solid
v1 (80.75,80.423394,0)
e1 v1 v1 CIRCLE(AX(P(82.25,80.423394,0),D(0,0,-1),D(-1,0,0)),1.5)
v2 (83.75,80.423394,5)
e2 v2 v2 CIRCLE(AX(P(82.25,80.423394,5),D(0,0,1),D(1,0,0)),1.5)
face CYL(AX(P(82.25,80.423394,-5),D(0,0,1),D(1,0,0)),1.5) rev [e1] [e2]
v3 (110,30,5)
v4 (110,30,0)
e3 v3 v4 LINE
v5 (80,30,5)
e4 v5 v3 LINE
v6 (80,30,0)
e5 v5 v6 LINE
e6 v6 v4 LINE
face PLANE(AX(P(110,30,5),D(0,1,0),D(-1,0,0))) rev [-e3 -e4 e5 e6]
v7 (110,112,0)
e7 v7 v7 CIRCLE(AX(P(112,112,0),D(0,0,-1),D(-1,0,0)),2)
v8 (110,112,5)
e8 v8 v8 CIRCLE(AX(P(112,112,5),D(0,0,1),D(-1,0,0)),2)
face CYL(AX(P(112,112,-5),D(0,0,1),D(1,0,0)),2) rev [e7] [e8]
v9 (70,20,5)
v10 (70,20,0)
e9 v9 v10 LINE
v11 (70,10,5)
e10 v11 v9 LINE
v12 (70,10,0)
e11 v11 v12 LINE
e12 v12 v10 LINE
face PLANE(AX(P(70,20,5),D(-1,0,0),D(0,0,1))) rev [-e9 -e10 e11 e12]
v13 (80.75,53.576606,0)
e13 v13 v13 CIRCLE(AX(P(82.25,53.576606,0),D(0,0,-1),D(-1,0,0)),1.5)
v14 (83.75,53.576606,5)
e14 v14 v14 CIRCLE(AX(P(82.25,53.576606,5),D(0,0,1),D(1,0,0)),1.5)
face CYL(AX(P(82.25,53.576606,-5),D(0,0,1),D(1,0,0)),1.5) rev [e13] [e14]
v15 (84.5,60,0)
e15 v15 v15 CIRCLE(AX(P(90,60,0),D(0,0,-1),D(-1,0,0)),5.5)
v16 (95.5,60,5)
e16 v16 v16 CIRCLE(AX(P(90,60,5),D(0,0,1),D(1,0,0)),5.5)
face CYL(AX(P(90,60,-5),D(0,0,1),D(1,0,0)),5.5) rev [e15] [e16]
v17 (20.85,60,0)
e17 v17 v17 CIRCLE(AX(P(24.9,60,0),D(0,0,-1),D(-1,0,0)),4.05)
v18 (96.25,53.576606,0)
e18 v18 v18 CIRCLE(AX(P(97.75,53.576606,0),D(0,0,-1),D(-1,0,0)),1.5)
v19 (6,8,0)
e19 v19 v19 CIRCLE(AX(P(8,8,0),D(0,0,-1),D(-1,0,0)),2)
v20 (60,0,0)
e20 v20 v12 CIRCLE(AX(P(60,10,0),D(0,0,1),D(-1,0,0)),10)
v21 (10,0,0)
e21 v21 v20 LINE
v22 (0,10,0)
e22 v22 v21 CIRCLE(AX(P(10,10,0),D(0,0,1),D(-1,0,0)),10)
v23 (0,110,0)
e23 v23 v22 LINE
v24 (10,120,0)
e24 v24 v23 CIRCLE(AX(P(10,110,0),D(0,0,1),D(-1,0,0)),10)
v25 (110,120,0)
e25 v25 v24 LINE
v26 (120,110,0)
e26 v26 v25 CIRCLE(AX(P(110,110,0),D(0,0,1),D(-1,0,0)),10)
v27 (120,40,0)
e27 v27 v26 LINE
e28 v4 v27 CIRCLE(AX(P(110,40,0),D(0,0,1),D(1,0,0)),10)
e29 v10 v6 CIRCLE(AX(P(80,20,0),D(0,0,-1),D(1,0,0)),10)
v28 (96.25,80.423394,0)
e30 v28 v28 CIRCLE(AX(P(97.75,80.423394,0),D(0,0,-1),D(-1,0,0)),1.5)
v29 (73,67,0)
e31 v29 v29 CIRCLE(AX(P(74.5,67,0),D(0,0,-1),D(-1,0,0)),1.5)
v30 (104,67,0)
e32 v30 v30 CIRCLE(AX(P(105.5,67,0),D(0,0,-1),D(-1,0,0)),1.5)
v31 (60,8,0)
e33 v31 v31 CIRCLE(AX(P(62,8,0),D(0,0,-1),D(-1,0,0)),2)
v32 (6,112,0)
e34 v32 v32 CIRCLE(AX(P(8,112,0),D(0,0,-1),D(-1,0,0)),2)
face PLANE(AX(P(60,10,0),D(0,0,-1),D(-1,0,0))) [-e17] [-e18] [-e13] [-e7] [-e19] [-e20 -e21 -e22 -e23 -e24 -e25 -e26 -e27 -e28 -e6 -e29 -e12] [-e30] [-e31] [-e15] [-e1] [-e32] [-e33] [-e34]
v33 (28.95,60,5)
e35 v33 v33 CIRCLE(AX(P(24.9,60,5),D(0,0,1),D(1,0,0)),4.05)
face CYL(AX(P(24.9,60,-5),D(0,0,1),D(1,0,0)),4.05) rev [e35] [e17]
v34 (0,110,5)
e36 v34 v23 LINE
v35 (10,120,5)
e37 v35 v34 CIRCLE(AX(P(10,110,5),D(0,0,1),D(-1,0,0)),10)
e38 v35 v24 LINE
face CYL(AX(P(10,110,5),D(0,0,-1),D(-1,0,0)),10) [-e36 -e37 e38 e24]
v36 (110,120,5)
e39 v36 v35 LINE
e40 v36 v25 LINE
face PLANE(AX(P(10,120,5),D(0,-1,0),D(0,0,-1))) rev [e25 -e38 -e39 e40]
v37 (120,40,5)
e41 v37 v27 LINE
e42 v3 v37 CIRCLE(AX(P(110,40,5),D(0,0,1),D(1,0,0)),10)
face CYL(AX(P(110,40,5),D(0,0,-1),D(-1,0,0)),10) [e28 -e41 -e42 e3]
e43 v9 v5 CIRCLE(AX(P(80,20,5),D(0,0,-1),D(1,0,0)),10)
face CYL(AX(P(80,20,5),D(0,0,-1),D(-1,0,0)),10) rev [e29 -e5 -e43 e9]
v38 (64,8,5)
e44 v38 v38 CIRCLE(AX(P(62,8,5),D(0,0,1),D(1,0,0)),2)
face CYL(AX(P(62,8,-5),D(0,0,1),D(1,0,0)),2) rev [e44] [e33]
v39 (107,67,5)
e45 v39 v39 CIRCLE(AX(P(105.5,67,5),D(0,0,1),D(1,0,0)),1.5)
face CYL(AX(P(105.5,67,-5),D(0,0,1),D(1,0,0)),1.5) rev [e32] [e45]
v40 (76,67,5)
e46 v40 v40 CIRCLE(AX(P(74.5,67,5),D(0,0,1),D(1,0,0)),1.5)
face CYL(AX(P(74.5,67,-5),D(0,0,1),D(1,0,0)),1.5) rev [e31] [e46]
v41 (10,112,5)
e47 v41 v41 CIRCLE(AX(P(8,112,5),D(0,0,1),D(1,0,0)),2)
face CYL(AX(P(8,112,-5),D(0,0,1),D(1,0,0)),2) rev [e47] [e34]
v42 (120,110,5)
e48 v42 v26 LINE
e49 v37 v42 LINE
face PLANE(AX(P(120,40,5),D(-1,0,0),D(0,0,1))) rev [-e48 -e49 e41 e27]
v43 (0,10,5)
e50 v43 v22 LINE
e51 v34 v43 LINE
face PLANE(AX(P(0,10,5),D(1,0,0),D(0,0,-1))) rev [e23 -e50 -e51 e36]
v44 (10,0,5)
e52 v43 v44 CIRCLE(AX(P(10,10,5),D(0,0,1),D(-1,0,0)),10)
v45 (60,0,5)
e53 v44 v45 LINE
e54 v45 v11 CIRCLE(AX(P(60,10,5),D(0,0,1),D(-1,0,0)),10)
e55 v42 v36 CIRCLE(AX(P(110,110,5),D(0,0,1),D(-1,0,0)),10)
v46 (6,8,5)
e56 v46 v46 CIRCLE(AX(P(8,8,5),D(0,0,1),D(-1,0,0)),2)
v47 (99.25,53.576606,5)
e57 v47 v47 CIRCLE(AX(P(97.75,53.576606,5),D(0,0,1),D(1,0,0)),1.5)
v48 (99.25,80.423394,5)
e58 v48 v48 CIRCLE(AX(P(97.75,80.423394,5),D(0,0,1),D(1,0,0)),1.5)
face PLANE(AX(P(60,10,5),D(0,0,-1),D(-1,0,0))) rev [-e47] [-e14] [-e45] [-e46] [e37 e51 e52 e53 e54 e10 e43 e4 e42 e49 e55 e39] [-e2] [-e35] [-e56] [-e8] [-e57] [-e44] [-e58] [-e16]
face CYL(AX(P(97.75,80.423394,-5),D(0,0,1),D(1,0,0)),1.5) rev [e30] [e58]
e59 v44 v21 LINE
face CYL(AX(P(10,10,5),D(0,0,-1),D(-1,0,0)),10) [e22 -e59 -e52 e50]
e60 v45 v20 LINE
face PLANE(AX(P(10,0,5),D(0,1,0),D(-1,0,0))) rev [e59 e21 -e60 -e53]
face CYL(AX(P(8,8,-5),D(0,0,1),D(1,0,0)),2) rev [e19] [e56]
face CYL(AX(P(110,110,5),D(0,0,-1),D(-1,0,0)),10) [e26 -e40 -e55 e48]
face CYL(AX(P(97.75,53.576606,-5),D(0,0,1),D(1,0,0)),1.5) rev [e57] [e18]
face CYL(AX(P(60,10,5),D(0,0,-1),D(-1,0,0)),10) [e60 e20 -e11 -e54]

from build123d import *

# Parameters (mm, degrees)
SALIENTE_EXTRUIR1_DEPTH = 5
CROQUIS2_R              = 2
CROQUIS2_R_2            = 4.05
CROQUIS2_R_3            = 1.5
CROQUIS2_R_4            = 5.5
CORTAR_EXTRUIR1_DEPTH   = 10


with BuildPart() as part:
    # Croquis1 → Saliente-Extruir1 (new body)
    with BuildSketch(Plane.XY):
        with BuildLine():
            Line((110, 30), (80, 30))
            ThreePointArc((80, 30), (72.928932188, 27.071067812), (70, 20))
            Line((70, 20), (70, 10))
            ThreePointArc((70, 10), (67.071067812, 2.928932188), (60, 0))
            Line((60, 0), (10, 0))
            ThreePointArc((10, 0), (2.928932188, 2.928932188), (0, 10))
            Line((0, 10), (0, 110))
            ThreePointArc((0, 110), (2.928932188, 117.071067812), (10, 120))
            Line((10, 120), (110, 120))
            ThreePointArc((110, 120), (117.071067812, 117.071067812), (120, 110))
            Line((120, 110), (120, 40))
            ThreePointArc((120, 40), (117.071067812, 32.928932188), (110, 30))
        make_face()
    extrude(amount=SALIENTE_EXTRUIR1_DEPTH)

    # Croquis2 → Cortar-Extruir1 (cut)
    with BuildSketch(Plane.XY.offset(5)):
        with Locations((8, 112)):
            Circle(CROQUIS2_R)
        with Locations((8, 8)):
            Circle(CROQUIS2_R)
        with Locations((112, 8)):
            Circle(CROQUIS2_R)
        with Locations((112, 112)):
            Circle(CROQUIS2_R)
        with Locations((62, 8)):
            Circle(CROQUIS2_R)
        with Locations((24.9, 60)):
            Circle(CROQUIS2_R_2)
        with Locations((82.25, 80.423393759)):
            Circle(CROQUIS2_R_3)
        with Locations((97.75, 80.423393759)):
            Circle(CROQUIS2_R_3)
        with Locations((105.5, 67)):
            Circle(CROQUIS2_R_3)
        with Locations((97.75, 53.576606241)):
            Circle(CROQUIS2_R_3)
        with Locations((82.25, 53.576606241)):
            Circle(CROQUIS2_R_3)
        with Locations((74.5, 67)):
            Circle(CROQUIS2_R_3)
        with Locations((90, 60)):
            Circle(CROQUIS2_R_4)
    extrude(amount=-CORTAR_EXTRUIR1_DEPTH, mode=Mode.SUBTRACT)


solid = part.part
